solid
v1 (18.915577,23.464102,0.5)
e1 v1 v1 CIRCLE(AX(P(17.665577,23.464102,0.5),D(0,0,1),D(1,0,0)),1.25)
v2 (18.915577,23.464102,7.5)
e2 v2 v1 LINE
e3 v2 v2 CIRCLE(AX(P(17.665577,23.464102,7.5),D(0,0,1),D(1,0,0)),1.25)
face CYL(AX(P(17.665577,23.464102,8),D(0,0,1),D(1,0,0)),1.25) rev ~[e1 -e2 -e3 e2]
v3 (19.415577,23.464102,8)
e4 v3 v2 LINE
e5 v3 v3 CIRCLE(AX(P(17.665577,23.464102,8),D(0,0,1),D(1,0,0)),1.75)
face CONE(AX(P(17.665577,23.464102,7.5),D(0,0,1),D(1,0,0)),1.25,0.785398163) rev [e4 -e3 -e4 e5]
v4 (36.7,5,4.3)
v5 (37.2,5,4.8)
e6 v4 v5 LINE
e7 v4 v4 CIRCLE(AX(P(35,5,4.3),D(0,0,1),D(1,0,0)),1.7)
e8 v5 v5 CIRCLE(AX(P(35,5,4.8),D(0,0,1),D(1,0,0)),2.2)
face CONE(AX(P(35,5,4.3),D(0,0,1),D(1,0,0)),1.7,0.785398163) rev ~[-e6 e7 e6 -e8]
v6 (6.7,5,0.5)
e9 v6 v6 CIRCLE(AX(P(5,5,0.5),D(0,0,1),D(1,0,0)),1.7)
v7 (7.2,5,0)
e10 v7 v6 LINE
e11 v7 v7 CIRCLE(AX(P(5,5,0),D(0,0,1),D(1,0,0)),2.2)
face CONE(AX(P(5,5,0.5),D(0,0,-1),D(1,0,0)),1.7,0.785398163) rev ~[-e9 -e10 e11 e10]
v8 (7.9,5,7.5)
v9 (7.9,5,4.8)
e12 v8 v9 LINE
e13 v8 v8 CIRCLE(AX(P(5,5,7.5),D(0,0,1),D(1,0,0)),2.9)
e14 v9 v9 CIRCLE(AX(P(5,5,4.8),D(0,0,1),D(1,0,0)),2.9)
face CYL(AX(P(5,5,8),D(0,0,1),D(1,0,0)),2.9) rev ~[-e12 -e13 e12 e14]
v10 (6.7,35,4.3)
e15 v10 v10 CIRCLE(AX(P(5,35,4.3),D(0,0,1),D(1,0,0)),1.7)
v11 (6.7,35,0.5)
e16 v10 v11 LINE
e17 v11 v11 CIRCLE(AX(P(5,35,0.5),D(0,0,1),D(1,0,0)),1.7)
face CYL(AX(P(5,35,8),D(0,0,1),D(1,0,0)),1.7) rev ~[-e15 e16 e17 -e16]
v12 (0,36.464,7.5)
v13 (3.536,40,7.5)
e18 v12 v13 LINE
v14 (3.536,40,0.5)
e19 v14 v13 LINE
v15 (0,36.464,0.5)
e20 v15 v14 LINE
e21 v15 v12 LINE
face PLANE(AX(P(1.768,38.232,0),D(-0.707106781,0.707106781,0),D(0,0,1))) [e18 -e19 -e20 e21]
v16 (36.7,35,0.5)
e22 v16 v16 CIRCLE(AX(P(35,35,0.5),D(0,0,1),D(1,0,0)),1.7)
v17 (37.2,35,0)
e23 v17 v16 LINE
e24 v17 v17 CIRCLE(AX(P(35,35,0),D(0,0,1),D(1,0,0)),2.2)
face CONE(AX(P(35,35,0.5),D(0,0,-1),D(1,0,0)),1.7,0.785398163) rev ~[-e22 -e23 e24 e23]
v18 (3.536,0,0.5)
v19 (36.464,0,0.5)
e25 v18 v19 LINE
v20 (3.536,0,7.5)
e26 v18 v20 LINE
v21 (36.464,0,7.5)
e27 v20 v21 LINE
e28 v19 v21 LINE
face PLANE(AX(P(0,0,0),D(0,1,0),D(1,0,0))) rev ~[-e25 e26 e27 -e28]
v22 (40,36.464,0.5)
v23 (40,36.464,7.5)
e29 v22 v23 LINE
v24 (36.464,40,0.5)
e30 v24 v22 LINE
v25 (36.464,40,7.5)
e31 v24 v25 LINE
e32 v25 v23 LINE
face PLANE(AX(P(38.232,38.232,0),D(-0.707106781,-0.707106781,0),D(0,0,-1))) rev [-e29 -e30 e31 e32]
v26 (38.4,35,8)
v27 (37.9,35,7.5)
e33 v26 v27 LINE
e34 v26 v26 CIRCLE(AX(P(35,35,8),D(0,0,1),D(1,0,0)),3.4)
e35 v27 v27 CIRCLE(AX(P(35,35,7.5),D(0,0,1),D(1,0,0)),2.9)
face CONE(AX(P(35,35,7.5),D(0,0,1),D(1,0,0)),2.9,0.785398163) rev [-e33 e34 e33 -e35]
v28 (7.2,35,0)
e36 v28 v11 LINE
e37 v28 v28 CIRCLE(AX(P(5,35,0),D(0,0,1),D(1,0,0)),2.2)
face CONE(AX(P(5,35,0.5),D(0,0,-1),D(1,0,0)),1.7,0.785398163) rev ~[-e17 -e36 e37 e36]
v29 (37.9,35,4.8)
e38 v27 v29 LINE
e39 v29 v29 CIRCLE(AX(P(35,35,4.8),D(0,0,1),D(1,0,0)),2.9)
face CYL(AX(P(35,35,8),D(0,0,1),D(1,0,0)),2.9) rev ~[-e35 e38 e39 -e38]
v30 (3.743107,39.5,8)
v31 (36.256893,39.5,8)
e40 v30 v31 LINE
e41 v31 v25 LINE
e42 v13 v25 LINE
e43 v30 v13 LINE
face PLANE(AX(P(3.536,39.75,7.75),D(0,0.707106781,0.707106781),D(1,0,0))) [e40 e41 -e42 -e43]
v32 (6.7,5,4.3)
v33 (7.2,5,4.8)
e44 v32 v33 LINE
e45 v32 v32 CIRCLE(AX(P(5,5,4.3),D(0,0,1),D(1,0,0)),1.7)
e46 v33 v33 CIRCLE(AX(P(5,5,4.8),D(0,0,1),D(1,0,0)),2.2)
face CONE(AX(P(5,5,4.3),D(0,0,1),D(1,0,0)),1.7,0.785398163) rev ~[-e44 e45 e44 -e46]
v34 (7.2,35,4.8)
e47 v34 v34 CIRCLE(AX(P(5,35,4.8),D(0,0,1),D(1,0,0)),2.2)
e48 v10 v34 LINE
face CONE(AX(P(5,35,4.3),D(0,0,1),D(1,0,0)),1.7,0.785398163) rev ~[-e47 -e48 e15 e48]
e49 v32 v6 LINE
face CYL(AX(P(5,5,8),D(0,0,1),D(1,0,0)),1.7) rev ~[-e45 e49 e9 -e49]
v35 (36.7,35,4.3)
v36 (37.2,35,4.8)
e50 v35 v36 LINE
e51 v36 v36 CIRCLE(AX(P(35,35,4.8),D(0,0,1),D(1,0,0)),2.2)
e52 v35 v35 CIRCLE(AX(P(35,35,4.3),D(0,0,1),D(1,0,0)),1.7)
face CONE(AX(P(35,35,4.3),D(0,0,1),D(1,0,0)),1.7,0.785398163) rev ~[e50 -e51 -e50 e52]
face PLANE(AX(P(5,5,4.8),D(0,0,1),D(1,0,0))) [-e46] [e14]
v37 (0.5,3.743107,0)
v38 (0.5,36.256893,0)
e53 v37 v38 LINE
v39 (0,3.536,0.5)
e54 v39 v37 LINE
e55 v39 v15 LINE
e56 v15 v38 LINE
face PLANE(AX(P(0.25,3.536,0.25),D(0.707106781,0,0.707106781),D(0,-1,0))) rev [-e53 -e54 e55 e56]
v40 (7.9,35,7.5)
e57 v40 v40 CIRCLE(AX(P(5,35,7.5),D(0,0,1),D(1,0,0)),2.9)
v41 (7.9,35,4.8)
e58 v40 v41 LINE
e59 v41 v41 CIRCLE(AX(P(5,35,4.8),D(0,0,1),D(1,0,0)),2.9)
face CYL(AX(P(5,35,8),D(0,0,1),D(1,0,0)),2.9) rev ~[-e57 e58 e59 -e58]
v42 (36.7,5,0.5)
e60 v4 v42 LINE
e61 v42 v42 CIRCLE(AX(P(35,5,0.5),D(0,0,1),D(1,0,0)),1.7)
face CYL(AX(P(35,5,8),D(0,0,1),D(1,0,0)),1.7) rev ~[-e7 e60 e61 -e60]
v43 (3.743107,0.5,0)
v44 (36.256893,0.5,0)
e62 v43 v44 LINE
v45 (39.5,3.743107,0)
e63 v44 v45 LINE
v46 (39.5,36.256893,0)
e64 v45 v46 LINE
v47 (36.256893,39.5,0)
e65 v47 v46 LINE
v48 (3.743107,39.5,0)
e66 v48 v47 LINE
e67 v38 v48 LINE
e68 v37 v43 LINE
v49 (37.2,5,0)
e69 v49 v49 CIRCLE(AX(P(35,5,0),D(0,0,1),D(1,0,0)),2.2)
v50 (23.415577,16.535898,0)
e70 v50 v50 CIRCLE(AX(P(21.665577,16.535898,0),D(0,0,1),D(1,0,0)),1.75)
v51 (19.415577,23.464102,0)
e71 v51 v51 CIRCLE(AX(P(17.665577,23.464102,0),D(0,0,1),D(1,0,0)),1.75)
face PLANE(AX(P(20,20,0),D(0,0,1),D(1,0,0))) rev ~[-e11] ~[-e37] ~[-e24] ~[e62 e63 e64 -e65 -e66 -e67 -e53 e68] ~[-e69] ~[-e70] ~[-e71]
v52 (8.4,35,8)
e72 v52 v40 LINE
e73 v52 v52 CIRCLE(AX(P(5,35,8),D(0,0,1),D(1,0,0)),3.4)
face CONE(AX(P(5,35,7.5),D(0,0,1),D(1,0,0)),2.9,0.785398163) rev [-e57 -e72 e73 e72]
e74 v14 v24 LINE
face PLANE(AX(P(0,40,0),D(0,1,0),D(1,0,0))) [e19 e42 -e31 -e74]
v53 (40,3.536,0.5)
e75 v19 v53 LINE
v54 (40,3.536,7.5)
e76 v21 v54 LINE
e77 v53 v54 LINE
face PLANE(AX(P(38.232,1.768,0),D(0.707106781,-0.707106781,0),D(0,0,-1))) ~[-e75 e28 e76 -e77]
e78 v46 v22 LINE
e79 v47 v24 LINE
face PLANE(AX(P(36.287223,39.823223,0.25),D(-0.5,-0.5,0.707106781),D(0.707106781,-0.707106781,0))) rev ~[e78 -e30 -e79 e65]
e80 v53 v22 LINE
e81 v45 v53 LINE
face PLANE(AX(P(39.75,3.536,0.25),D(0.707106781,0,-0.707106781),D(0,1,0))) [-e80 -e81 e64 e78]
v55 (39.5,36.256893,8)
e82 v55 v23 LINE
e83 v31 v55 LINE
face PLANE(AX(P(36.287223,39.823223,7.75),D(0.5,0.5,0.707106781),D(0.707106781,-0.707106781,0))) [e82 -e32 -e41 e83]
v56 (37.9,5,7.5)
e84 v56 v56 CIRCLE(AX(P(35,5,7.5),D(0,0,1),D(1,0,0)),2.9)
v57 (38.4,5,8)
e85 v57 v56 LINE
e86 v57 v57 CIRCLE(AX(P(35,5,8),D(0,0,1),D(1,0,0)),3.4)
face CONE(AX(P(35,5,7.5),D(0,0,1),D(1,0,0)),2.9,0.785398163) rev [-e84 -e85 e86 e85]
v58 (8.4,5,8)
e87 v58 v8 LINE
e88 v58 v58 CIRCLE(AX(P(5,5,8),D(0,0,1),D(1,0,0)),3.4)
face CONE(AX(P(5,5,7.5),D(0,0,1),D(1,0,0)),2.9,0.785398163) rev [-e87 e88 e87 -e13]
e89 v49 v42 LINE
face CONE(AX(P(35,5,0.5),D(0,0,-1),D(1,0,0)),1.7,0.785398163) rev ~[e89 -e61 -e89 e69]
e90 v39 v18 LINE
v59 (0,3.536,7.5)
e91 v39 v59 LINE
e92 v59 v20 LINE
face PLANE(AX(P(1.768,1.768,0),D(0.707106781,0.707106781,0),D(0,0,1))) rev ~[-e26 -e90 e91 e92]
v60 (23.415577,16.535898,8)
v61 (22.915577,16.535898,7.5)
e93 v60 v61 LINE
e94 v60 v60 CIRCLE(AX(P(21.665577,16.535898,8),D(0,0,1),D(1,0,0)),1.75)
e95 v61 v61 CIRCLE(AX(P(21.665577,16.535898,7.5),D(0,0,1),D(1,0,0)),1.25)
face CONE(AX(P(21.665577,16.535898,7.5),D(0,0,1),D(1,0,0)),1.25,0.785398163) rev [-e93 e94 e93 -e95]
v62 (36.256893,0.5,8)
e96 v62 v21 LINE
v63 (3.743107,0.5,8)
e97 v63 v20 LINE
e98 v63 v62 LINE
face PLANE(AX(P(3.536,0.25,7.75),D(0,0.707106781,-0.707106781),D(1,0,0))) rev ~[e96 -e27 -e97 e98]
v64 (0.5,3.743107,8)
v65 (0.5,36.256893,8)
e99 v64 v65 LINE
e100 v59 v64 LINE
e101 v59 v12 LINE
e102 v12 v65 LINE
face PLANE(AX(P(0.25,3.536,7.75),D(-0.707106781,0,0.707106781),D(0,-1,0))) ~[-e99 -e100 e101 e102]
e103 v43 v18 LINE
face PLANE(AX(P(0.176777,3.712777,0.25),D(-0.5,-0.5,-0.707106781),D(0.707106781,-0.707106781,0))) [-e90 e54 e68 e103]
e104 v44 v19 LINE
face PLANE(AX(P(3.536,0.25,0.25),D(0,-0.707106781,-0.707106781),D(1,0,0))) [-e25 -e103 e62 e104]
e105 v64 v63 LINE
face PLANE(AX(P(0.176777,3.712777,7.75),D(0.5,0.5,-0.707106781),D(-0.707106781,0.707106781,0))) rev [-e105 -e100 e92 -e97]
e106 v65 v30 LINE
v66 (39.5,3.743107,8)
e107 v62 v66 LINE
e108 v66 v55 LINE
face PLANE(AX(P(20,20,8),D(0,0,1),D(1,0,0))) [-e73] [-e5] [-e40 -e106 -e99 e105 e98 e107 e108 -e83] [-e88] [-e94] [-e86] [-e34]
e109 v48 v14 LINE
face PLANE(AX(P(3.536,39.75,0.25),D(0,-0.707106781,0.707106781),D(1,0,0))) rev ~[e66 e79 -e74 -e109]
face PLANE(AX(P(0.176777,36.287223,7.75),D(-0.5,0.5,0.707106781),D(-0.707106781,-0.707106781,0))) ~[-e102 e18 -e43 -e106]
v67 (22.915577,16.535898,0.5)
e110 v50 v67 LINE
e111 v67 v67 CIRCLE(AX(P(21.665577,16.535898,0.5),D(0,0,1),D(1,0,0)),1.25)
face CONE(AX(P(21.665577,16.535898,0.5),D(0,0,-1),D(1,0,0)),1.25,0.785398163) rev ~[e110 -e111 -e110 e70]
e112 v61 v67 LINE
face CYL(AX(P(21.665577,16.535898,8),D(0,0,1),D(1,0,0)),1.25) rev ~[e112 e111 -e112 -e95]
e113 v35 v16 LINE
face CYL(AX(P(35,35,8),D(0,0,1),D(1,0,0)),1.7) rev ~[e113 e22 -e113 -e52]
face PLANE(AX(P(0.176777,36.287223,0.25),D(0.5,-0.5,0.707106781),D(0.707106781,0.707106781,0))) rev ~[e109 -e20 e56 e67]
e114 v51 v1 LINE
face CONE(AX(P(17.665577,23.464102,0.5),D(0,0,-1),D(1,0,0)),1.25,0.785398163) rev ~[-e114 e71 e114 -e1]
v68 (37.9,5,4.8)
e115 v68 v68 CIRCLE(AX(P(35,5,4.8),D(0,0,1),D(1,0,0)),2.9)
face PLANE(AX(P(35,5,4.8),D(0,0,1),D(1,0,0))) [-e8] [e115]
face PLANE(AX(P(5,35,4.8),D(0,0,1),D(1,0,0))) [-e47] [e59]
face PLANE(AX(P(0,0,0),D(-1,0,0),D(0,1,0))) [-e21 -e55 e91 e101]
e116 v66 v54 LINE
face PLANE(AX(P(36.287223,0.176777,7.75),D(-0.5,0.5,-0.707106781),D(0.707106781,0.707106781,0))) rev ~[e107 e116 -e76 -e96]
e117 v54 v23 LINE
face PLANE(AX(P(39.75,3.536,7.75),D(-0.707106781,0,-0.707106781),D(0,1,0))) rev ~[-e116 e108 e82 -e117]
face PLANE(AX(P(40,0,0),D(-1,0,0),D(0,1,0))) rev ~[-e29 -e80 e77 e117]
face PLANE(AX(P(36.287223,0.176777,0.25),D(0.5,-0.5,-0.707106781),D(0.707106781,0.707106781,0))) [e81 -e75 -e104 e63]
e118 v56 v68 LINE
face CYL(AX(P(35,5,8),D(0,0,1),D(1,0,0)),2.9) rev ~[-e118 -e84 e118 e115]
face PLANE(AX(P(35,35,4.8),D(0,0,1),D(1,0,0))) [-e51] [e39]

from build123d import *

# Parameters (mm, degrees)
SKETCH1_W           = 40
SKETCH1_H           = 40
BOSS_EXTRUDE1_DEPTH = 8
SKETCH2_R           = 1.7
CUT_EXTRUDE1_DEPTH  = 58.131427428
SKETCH3_R           = 1.25
CUT_EXTRUDE2_DEPTH  = 58.131427428
SKETCH4_R           = 2.9
CUT_EXTRUDE3_DEPTH  = 3.2
CHAMFER1_SIZE       = 3.536
CHAMFER2_SIZE       = 0.5


with BuildPart() as part:
    # Sketch1 → Boss-Extrude1 (new body)
    with BuildSketch(Plane.XY):
        with Locations((20, 20)):
            Rectangle(SKETCH1_W, SKETCH1_H)
    extrude(amount=BOSS_EXTRUDE1_DEPTH)

    # Sketch2 → Cut-Extrude1 (cut, through all)
    with BuildSketch(Plane.XY.offset(8)):
        with Locations((5, 35)):
            Circle(SKETCH2_R)
        with Locations((35, 35)):
            Circle(SKETCH2_R)
        with Locations((5, 5)):
            Circle(SKETCH2_R)
        with Locations((35, 5)):
            Circle(SKETCH2_R)
    extrude(amount=-CUT_EXTRUDE1_DEPTH, mode=Mode.SUBTRACT)

    # Sketch3 → Cut-Extrude2 (cut, through all)
    with BuildSketch(Plane.XY.offset(8)):
        with Locations((17.66557685, 23.464101615)):
            Circle(SKETCH3_R)
        with Locations((21.66557685, 16.535898385)):
            Circle(SKETCH3_R)
    extrude(amount=-CUT_EXTRUDE2_DEPTH, mode=Mode.SUBTRACT)

    # Sketch4 → Cut-Extrude3 (cut)
    with BuildSketch(Plane.XY.offset(8)):
        with Locations((5, 35)):
            Circle(SKETCH4_R)
        with Locations((35, 35)):
            Circle(SKETCH4_R)
        with Locations((5, 5)):
            Circle(SKETCH4_R)
        with Locations((35, 5)):
            Circle(SKETCH4_R)
    extrude(amount=-CUT_EXTRUDE3_DEPTH, mode=Mode.SUBTRACT)

    # Chamfer1
    chamfer1_edges = [part.edges().sort_by_distance(p)[0] for p in [
        (0, 40, 4),
        (40, 40, 4),
        (40, 0, 4),
        (0, 0, 4),
    ]]
    chamfer(chamfer1_edges, length=CHAMFER1_SIZE)

    # Chamfer2
    chamfer2_edges = [part.edges().sort_by_distance(p)[0] for p in [
        (33.3, 35, 0),
        (3.3, 5, 0),
        (33.3, 5, 0),
        (3.3, 35, 0),
        (16.41557685, 23.464101615, 0),
        (16.41557685, 23.464101615, 8),
        (20.41557685, 16.535898385, 0),
        (20.41557685, 16.535898385, 8),
        (32.1, 35, 8),
        (33.3, 35, 4.8),
        (2.1, 5, 8),
        (3.3, 5, 4.8),
        (32.1, 5, 8),
        (33.3, 5, 4.8),
        (2.1, 35, 8),
        (3.3, 35, 4.8),
        (0, 20, 0),
        (0, 20, 8),
        (20, 40, 0),
        (40, 20, 0),
        (20, 0, 0),
        (1.768, 1.768, 0),
        (38.232, 1.768, 0),
        (38.232, 38.232, 0),
        (1.768, 38.232, 0),
        (20, 40, 8),
        (20, 0, 8),
        (40, 20, 8),
        (1.768, 1.768, 8),
        (38.232, 1.768, 8),
        (38.232, 38.232, 8),
        (1.768, 38.232, 8),
    ]]
    chamfer(chamfer2_edges, length=CHAMFER2_SIZE)


solid = part.part
